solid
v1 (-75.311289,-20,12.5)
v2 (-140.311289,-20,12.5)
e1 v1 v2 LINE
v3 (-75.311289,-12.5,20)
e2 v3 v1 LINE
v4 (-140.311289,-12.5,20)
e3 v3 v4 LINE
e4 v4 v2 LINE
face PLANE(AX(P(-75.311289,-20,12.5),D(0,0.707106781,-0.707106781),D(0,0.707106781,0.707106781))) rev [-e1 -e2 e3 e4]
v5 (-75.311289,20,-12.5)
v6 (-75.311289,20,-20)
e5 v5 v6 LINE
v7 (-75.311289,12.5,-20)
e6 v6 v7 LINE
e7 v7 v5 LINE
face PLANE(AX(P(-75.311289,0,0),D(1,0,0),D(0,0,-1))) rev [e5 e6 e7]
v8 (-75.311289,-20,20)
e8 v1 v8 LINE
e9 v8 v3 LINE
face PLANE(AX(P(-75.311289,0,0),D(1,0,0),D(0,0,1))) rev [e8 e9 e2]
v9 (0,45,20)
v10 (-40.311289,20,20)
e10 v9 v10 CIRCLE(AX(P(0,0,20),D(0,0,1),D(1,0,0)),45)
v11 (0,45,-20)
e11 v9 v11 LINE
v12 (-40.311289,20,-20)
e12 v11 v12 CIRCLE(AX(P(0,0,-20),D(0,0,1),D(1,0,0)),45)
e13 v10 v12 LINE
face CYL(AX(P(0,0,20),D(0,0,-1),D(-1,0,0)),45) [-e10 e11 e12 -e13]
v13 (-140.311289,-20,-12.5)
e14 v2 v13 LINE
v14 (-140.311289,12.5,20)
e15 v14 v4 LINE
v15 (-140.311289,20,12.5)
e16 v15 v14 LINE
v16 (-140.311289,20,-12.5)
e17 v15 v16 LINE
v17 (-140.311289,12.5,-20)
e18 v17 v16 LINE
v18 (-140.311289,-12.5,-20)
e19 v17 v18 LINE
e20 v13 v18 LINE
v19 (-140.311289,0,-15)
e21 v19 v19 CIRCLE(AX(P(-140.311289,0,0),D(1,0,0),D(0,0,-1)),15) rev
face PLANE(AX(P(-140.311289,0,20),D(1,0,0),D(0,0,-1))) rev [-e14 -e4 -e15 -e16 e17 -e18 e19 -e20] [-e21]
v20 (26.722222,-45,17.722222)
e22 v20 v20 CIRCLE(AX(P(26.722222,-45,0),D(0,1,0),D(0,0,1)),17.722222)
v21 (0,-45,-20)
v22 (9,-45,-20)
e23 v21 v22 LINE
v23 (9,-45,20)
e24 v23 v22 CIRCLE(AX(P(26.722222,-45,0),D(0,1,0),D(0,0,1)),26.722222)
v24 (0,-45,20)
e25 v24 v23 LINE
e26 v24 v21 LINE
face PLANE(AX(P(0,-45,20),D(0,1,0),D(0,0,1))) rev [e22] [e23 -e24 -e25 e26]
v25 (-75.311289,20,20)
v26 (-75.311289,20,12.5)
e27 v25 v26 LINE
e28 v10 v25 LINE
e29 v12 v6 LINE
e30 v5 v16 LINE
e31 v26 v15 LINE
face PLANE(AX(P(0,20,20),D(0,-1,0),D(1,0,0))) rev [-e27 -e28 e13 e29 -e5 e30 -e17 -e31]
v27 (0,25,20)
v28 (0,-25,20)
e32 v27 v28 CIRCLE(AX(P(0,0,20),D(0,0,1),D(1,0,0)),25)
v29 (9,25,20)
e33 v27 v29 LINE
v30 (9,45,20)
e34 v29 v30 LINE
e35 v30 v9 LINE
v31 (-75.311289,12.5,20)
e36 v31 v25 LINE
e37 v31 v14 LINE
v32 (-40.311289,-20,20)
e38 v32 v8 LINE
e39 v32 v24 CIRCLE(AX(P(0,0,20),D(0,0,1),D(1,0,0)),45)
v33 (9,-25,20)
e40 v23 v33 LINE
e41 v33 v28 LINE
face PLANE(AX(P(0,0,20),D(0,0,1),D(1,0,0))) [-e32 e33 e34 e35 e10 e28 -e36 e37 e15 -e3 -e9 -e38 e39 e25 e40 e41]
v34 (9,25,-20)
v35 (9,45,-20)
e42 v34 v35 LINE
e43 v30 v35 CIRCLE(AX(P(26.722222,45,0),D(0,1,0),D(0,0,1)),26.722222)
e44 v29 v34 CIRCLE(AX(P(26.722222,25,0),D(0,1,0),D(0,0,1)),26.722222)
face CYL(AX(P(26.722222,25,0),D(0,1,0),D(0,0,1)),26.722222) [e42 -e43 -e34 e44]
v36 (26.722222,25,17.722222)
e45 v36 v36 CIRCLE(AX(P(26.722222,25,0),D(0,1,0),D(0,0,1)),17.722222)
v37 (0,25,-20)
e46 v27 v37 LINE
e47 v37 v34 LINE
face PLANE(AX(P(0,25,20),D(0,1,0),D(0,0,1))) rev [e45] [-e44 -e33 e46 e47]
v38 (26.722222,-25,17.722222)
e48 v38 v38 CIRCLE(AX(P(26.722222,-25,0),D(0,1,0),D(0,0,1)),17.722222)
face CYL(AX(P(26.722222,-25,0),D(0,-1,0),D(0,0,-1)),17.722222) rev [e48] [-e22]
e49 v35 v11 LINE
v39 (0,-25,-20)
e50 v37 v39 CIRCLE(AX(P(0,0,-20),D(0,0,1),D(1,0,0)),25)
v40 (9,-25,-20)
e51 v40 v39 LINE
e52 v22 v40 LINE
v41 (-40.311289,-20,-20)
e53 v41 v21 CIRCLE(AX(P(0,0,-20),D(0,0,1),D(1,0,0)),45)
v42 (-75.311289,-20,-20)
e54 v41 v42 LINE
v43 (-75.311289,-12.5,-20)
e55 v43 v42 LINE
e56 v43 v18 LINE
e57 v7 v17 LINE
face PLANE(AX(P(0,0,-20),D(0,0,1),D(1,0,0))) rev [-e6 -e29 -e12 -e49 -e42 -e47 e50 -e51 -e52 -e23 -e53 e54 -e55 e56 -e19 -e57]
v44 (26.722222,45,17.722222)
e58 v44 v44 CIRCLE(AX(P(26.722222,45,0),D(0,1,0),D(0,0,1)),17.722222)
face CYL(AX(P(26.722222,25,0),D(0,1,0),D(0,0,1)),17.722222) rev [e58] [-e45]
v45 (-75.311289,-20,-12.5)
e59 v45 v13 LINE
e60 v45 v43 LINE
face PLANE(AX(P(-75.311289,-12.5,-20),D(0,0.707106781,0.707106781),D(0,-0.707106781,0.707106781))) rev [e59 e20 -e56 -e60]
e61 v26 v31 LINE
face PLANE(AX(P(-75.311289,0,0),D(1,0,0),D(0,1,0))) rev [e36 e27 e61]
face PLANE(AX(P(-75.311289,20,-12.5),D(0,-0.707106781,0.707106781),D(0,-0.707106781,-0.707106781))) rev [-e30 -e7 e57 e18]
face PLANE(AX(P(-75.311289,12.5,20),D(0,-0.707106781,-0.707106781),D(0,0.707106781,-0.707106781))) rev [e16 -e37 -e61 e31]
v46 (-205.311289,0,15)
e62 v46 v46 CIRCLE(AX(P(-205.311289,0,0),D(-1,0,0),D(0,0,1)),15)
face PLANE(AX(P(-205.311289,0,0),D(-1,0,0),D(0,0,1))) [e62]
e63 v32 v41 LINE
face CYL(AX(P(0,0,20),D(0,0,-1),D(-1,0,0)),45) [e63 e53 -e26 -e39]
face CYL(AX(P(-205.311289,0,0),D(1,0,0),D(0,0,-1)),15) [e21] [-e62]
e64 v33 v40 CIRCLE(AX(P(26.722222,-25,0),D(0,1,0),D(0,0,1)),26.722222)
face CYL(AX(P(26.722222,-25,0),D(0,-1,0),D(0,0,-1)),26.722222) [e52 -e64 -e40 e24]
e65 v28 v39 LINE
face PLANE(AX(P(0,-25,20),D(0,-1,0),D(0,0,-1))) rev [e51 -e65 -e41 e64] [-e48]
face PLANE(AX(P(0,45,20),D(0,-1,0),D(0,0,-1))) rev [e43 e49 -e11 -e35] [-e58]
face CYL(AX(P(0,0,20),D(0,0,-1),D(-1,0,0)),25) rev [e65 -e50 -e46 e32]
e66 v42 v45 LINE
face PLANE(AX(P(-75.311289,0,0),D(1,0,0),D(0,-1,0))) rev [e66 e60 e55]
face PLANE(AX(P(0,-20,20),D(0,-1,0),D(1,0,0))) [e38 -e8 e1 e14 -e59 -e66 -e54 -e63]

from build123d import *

# Parameters (mm, degrees)
BOSS_EXTRUDE1_DEPTH = 20
SKETCH2_R           = 26.722222222
SKETCH2_R_2         = 17.722222222
BOSS_EXTRUDE2_DEPTH = 20
CUT_EXTRUDE1_DEPTH  = 65
SKETCH4_R           = 15
BOSS_EXTRUDE3_DEPTH = 65
CIRPATTERN1_COUNT   = 4


with BuildPart() as part:
    # Sketch1 → Boss-Extrude1 (new body, symmetric)
    with BuildSketch(Plane.XY):
        with BuildLine():
            ThreePointArc((0, -25), (-25, 0), (0, 25))
            Line((0, 25), (9, 25))
            Line((9, 25), (9, 45))
            Line((9, 45), (0, 45))
            ThreePointArc((0, 45), (-23.717082451, 38.242646352), (-40.311288741, 20))
            Line((-40.311288741, 20), (-140.311288741, 20))
            Line((-140.311288741, 20), (-140.311288741, -20))
            Line((-140.311288741, -20), (-40.311288741, -20))
            ThreePointArc((-40.311288741, -20), (-23.717082451, -38.242646352), (0, -45))
            Line((0, -45), (9, -45))
            Line((9, -45), (9, -25))
            Line((9, -25), (0, -25))
        make_face()
    extrude(amount=BOSS_EXTRUDE1_DEPTH, both=True)

    # Sketch2 → Boss-Extrude2 (add)
    with BuildSketch(Plane(origin=(0, 45, 0), x_dir=(1, 0, 0), z_dir=(0, 1, 0))):
        with Locations((26.722222222, 0)):
            Circle(SKETCH2_R)
        with Locations((26.722222222, 0)):
            Circle(SKETCH2_R_2, mode=Mode.SUBTRACT)
    boss_extrude2 = extrude(amount=-BOSS_EXTRUDE2_DEPTH)

    # Mirror1: Boss-Extrude2 across plane
    add(boss_extrude2.mirror(Plane.ZX))

    # Sketch3 → Cut-Extrude1 (cut)
    with BuildSketch(Plane.ZY.offset(140.311288741)):
        Polygon((-12.5, 20), (-20, 20), (-20, 12.5), align=None)
    cut_extrude1 = extrude(amount=-CUT_EXTRUDE1_DEPTH, mode=Mode.SUBTRACT)

    # Sketch4 → Boss-Extrude3 (add)
    with BuildSketch(Plane.ZY.offset(140.311288741)):
        Circle(SKETCH4_R)
    extrude(amount=BOSS_EXTRUDE3_DEPTH)

    # CirPattern1: Cut-Extrude1 ×4 about axis
    cirpattern1_axis = Axis((0, 0, 0), (1, 0, 0))
    for i in range(1, CIRPATTERN1_COUNT):
        add(cut_extrude1.rotate(cirpattern1_axis, i * 360 / CIRPATTERN1_COUNT), mode=Mode.SUBTRACT)


solid = part.part
